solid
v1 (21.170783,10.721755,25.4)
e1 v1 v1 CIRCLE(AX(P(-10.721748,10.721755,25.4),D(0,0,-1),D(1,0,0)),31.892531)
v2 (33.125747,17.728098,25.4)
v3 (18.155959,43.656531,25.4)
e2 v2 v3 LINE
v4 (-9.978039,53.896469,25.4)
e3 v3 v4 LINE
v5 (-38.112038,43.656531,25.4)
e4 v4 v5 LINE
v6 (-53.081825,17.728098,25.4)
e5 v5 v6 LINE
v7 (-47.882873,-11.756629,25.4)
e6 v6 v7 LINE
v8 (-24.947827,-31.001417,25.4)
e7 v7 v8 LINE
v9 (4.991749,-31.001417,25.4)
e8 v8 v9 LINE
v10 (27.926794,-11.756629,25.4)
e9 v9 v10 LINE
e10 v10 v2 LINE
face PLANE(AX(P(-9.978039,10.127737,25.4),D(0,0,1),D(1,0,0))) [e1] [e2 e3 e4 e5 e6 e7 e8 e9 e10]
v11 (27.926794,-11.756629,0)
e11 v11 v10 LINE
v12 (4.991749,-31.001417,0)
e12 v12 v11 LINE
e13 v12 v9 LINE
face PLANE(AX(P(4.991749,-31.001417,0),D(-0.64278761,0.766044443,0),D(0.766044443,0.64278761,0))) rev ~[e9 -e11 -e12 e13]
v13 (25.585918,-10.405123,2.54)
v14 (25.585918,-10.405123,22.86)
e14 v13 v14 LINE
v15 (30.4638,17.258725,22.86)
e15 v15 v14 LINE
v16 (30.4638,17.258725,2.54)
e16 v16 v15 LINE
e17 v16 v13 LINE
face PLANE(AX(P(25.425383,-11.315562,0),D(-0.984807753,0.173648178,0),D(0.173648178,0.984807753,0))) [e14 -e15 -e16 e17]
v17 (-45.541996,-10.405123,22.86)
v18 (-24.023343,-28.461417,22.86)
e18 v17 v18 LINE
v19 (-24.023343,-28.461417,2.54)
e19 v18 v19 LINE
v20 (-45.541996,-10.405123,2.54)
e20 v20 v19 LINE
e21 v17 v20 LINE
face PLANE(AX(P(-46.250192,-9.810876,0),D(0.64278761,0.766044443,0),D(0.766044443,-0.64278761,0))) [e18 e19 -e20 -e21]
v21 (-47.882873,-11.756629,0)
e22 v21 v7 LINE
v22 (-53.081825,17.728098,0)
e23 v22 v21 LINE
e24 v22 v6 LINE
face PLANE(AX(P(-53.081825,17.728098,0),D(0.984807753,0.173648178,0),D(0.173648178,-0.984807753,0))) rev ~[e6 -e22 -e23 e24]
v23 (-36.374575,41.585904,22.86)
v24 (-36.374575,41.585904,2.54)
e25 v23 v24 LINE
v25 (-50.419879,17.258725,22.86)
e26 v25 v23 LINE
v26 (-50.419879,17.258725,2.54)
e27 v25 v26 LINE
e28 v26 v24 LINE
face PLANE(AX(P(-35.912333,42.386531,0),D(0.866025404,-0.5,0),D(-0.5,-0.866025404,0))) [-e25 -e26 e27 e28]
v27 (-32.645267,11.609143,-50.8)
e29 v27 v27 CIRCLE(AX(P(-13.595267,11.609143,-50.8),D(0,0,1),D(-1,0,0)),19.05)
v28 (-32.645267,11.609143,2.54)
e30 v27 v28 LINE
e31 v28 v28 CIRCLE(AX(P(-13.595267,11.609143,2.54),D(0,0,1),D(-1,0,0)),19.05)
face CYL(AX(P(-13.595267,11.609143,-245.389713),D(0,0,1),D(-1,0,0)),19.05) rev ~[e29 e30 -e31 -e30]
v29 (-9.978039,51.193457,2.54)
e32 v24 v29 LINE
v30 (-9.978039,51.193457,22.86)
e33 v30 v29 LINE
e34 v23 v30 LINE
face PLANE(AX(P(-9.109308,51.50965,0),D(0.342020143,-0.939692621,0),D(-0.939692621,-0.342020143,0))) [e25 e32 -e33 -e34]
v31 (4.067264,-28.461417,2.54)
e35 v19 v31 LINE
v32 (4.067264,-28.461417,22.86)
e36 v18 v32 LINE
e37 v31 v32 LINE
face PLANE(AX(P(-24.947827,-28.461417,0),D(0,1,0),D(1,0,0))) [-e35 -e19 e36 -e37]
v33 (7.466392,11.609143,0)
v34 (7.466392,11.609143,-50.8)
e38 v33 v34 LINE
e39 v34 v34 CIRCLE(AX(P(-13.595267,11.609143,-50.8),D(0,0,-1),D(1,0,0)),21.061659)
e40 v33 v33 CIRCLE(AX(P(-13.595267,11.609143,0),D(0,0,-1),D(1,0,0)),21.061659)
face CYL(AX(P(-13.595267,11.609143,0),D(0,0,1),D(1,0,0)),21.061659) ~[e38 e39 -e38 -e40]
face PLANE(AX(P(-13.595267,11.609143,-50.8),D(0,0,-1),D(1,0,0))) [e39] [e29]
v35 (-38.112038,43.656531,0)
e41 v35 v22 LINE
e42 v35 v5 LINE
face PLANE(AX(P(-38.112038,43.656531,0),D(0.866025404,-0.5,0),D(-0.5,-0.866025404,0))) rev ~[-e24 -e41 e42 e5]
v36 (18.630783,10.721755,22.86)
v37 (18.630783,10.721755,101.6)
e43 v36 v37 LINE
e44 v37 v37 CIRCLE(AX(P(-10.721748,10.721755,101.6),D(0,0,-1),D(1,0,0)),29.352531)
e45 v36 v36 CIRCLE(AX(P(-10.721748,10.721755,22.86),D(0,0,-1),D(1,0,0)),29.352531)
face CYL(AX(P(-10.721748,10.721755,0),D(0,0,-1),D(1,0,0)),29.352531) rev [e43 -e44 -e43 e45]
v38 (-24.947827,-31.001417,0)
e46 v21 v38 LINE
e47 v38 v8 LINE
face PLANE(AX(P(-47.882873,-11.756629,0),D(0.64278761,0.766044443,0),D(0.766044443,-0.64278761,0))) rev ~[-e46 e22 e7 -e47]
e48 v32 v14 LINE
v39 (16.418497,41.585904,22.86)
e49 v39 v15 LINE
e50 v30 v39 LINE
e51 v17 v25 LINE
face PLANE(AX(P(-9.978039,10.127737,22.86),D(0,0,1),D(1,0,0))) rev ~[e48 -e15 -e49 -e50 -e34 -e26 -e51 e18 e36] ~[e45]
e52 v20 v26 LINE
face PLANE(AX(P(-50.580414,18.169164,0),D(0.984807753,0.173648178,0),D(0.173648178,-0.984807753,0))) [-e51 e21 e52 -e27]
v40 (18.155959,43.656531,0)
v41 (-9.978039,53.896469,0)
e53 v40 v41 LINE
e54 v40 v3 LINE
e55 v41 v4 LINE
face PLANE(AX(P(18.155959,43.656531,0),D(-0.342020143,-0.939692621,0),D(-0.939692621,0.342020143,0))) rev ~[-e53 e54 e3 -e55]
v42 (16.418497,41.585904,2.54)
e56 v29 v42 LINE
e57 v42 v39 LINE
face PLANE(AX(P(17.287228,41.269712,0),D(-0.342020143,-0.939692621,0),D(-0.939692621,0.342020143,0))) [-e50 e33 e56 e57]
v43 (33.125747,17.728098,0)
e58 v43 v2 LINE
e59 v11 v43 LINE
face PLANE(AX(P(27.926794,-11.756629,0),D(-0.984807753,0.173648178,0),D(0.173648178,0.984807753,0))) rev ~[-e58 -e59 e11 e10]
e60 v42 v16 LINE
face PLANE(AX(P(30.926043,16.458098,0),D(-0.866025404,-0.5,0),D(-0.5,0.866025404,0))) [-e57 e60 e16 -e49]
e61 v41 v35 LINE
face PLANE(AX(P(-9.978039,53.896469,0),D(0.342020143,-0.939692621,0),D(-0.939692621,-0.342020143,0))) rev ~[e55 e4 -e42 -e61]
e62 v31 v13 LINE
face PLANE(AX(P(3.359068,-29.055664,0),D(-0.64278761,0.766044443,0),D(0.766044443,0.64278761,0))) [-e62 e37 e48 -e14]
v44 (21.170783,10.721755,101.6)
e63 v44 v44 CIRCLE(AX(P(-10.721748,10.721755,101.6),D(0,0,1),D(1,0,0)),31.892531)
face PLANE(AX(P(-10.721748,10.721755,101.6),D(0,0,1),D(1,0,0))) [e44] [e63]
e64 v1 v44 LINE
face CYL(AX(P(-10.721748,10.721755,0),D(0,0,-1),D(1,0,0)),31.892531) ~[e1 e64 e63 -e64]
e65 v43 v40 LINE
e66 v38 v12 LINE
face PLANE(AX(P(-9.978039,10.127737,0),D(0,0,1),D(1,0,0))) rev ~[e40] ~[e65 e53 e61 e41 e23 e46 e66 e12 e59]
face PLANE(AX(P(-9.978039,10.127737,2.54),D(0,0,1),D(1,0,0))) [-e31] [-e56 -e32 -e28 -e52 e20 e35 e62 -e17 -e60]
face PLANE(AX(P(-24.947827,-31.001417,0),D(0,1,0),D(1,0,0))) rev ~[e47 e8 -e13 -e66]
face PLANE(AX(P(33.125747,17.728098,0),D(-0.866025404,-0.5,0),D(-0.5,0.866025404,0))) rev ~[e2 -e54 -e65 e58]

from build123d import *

# Parameters (mm, degrees)
F0_R     = 31.8925306259
F1_DEPTH = 101.6
F3_DEPTH = 25.4
F4_T     = -2.54
F5_R     = 21.061659134
F6_DEPTH = 50.8
F8_D     = 38.1


with BuildPart() as f1:
    # F0 (on Top) → F1 (new body)
    with BuildSketch(Plane.XY):
        with Locations((-10.7217477635, 10.721755214)):
            Circle(F0_R)
    extrude(amount=F1_DEPTH)

    # F2 (on Top) → F3 (join)
    with BuildSketch(Plane.XY):
        Polygon((-24.9478270625, -31.0014169663), (4.9917486821, -31.0014169663), (27.9267943106, -11.7566286384), (33.1257470788, 17.7280976768), (18.1559592065, 43.6565308501), (-9.9780391902, 53.8964688374), (-38.1120375868, 43.6565308501), (-53.0818254591, 17.7280976768), (-47.882872691, -11.7566286384), align=None)
    extrude(amount=F3_DEPTH)

    # F4
    f4_openings = [f1.faces().sort_by_distance(p)[0] for p in [
        (-10.721748, 10.721755, 101.6),
    ]]
    offset(amount=F4_T, openings=f4_openings, kind=Kind.INTERSECTION)

    # F5 (on face) → F6 (join)
    with BuildSketch(Plane(origin=(0, 0, 0), x_dir=(1, 0, 0), z_dir=(0, 0, -1))):
        with Locations((-13.595267199, -11.6091426462)):
            Circle(F5_R)
    extrude(amount=F6_DEPTH)

    # F8 (through all)
    with Locations(Plane(origin=(0, 0, -50.8), x_dir=(1, 0, 0), z_dir=(0, 0, -1))):
        with Locations((-13.595267199, -11.6091426462)):
            Hole(F8_D / 2)


solid = f1.part
